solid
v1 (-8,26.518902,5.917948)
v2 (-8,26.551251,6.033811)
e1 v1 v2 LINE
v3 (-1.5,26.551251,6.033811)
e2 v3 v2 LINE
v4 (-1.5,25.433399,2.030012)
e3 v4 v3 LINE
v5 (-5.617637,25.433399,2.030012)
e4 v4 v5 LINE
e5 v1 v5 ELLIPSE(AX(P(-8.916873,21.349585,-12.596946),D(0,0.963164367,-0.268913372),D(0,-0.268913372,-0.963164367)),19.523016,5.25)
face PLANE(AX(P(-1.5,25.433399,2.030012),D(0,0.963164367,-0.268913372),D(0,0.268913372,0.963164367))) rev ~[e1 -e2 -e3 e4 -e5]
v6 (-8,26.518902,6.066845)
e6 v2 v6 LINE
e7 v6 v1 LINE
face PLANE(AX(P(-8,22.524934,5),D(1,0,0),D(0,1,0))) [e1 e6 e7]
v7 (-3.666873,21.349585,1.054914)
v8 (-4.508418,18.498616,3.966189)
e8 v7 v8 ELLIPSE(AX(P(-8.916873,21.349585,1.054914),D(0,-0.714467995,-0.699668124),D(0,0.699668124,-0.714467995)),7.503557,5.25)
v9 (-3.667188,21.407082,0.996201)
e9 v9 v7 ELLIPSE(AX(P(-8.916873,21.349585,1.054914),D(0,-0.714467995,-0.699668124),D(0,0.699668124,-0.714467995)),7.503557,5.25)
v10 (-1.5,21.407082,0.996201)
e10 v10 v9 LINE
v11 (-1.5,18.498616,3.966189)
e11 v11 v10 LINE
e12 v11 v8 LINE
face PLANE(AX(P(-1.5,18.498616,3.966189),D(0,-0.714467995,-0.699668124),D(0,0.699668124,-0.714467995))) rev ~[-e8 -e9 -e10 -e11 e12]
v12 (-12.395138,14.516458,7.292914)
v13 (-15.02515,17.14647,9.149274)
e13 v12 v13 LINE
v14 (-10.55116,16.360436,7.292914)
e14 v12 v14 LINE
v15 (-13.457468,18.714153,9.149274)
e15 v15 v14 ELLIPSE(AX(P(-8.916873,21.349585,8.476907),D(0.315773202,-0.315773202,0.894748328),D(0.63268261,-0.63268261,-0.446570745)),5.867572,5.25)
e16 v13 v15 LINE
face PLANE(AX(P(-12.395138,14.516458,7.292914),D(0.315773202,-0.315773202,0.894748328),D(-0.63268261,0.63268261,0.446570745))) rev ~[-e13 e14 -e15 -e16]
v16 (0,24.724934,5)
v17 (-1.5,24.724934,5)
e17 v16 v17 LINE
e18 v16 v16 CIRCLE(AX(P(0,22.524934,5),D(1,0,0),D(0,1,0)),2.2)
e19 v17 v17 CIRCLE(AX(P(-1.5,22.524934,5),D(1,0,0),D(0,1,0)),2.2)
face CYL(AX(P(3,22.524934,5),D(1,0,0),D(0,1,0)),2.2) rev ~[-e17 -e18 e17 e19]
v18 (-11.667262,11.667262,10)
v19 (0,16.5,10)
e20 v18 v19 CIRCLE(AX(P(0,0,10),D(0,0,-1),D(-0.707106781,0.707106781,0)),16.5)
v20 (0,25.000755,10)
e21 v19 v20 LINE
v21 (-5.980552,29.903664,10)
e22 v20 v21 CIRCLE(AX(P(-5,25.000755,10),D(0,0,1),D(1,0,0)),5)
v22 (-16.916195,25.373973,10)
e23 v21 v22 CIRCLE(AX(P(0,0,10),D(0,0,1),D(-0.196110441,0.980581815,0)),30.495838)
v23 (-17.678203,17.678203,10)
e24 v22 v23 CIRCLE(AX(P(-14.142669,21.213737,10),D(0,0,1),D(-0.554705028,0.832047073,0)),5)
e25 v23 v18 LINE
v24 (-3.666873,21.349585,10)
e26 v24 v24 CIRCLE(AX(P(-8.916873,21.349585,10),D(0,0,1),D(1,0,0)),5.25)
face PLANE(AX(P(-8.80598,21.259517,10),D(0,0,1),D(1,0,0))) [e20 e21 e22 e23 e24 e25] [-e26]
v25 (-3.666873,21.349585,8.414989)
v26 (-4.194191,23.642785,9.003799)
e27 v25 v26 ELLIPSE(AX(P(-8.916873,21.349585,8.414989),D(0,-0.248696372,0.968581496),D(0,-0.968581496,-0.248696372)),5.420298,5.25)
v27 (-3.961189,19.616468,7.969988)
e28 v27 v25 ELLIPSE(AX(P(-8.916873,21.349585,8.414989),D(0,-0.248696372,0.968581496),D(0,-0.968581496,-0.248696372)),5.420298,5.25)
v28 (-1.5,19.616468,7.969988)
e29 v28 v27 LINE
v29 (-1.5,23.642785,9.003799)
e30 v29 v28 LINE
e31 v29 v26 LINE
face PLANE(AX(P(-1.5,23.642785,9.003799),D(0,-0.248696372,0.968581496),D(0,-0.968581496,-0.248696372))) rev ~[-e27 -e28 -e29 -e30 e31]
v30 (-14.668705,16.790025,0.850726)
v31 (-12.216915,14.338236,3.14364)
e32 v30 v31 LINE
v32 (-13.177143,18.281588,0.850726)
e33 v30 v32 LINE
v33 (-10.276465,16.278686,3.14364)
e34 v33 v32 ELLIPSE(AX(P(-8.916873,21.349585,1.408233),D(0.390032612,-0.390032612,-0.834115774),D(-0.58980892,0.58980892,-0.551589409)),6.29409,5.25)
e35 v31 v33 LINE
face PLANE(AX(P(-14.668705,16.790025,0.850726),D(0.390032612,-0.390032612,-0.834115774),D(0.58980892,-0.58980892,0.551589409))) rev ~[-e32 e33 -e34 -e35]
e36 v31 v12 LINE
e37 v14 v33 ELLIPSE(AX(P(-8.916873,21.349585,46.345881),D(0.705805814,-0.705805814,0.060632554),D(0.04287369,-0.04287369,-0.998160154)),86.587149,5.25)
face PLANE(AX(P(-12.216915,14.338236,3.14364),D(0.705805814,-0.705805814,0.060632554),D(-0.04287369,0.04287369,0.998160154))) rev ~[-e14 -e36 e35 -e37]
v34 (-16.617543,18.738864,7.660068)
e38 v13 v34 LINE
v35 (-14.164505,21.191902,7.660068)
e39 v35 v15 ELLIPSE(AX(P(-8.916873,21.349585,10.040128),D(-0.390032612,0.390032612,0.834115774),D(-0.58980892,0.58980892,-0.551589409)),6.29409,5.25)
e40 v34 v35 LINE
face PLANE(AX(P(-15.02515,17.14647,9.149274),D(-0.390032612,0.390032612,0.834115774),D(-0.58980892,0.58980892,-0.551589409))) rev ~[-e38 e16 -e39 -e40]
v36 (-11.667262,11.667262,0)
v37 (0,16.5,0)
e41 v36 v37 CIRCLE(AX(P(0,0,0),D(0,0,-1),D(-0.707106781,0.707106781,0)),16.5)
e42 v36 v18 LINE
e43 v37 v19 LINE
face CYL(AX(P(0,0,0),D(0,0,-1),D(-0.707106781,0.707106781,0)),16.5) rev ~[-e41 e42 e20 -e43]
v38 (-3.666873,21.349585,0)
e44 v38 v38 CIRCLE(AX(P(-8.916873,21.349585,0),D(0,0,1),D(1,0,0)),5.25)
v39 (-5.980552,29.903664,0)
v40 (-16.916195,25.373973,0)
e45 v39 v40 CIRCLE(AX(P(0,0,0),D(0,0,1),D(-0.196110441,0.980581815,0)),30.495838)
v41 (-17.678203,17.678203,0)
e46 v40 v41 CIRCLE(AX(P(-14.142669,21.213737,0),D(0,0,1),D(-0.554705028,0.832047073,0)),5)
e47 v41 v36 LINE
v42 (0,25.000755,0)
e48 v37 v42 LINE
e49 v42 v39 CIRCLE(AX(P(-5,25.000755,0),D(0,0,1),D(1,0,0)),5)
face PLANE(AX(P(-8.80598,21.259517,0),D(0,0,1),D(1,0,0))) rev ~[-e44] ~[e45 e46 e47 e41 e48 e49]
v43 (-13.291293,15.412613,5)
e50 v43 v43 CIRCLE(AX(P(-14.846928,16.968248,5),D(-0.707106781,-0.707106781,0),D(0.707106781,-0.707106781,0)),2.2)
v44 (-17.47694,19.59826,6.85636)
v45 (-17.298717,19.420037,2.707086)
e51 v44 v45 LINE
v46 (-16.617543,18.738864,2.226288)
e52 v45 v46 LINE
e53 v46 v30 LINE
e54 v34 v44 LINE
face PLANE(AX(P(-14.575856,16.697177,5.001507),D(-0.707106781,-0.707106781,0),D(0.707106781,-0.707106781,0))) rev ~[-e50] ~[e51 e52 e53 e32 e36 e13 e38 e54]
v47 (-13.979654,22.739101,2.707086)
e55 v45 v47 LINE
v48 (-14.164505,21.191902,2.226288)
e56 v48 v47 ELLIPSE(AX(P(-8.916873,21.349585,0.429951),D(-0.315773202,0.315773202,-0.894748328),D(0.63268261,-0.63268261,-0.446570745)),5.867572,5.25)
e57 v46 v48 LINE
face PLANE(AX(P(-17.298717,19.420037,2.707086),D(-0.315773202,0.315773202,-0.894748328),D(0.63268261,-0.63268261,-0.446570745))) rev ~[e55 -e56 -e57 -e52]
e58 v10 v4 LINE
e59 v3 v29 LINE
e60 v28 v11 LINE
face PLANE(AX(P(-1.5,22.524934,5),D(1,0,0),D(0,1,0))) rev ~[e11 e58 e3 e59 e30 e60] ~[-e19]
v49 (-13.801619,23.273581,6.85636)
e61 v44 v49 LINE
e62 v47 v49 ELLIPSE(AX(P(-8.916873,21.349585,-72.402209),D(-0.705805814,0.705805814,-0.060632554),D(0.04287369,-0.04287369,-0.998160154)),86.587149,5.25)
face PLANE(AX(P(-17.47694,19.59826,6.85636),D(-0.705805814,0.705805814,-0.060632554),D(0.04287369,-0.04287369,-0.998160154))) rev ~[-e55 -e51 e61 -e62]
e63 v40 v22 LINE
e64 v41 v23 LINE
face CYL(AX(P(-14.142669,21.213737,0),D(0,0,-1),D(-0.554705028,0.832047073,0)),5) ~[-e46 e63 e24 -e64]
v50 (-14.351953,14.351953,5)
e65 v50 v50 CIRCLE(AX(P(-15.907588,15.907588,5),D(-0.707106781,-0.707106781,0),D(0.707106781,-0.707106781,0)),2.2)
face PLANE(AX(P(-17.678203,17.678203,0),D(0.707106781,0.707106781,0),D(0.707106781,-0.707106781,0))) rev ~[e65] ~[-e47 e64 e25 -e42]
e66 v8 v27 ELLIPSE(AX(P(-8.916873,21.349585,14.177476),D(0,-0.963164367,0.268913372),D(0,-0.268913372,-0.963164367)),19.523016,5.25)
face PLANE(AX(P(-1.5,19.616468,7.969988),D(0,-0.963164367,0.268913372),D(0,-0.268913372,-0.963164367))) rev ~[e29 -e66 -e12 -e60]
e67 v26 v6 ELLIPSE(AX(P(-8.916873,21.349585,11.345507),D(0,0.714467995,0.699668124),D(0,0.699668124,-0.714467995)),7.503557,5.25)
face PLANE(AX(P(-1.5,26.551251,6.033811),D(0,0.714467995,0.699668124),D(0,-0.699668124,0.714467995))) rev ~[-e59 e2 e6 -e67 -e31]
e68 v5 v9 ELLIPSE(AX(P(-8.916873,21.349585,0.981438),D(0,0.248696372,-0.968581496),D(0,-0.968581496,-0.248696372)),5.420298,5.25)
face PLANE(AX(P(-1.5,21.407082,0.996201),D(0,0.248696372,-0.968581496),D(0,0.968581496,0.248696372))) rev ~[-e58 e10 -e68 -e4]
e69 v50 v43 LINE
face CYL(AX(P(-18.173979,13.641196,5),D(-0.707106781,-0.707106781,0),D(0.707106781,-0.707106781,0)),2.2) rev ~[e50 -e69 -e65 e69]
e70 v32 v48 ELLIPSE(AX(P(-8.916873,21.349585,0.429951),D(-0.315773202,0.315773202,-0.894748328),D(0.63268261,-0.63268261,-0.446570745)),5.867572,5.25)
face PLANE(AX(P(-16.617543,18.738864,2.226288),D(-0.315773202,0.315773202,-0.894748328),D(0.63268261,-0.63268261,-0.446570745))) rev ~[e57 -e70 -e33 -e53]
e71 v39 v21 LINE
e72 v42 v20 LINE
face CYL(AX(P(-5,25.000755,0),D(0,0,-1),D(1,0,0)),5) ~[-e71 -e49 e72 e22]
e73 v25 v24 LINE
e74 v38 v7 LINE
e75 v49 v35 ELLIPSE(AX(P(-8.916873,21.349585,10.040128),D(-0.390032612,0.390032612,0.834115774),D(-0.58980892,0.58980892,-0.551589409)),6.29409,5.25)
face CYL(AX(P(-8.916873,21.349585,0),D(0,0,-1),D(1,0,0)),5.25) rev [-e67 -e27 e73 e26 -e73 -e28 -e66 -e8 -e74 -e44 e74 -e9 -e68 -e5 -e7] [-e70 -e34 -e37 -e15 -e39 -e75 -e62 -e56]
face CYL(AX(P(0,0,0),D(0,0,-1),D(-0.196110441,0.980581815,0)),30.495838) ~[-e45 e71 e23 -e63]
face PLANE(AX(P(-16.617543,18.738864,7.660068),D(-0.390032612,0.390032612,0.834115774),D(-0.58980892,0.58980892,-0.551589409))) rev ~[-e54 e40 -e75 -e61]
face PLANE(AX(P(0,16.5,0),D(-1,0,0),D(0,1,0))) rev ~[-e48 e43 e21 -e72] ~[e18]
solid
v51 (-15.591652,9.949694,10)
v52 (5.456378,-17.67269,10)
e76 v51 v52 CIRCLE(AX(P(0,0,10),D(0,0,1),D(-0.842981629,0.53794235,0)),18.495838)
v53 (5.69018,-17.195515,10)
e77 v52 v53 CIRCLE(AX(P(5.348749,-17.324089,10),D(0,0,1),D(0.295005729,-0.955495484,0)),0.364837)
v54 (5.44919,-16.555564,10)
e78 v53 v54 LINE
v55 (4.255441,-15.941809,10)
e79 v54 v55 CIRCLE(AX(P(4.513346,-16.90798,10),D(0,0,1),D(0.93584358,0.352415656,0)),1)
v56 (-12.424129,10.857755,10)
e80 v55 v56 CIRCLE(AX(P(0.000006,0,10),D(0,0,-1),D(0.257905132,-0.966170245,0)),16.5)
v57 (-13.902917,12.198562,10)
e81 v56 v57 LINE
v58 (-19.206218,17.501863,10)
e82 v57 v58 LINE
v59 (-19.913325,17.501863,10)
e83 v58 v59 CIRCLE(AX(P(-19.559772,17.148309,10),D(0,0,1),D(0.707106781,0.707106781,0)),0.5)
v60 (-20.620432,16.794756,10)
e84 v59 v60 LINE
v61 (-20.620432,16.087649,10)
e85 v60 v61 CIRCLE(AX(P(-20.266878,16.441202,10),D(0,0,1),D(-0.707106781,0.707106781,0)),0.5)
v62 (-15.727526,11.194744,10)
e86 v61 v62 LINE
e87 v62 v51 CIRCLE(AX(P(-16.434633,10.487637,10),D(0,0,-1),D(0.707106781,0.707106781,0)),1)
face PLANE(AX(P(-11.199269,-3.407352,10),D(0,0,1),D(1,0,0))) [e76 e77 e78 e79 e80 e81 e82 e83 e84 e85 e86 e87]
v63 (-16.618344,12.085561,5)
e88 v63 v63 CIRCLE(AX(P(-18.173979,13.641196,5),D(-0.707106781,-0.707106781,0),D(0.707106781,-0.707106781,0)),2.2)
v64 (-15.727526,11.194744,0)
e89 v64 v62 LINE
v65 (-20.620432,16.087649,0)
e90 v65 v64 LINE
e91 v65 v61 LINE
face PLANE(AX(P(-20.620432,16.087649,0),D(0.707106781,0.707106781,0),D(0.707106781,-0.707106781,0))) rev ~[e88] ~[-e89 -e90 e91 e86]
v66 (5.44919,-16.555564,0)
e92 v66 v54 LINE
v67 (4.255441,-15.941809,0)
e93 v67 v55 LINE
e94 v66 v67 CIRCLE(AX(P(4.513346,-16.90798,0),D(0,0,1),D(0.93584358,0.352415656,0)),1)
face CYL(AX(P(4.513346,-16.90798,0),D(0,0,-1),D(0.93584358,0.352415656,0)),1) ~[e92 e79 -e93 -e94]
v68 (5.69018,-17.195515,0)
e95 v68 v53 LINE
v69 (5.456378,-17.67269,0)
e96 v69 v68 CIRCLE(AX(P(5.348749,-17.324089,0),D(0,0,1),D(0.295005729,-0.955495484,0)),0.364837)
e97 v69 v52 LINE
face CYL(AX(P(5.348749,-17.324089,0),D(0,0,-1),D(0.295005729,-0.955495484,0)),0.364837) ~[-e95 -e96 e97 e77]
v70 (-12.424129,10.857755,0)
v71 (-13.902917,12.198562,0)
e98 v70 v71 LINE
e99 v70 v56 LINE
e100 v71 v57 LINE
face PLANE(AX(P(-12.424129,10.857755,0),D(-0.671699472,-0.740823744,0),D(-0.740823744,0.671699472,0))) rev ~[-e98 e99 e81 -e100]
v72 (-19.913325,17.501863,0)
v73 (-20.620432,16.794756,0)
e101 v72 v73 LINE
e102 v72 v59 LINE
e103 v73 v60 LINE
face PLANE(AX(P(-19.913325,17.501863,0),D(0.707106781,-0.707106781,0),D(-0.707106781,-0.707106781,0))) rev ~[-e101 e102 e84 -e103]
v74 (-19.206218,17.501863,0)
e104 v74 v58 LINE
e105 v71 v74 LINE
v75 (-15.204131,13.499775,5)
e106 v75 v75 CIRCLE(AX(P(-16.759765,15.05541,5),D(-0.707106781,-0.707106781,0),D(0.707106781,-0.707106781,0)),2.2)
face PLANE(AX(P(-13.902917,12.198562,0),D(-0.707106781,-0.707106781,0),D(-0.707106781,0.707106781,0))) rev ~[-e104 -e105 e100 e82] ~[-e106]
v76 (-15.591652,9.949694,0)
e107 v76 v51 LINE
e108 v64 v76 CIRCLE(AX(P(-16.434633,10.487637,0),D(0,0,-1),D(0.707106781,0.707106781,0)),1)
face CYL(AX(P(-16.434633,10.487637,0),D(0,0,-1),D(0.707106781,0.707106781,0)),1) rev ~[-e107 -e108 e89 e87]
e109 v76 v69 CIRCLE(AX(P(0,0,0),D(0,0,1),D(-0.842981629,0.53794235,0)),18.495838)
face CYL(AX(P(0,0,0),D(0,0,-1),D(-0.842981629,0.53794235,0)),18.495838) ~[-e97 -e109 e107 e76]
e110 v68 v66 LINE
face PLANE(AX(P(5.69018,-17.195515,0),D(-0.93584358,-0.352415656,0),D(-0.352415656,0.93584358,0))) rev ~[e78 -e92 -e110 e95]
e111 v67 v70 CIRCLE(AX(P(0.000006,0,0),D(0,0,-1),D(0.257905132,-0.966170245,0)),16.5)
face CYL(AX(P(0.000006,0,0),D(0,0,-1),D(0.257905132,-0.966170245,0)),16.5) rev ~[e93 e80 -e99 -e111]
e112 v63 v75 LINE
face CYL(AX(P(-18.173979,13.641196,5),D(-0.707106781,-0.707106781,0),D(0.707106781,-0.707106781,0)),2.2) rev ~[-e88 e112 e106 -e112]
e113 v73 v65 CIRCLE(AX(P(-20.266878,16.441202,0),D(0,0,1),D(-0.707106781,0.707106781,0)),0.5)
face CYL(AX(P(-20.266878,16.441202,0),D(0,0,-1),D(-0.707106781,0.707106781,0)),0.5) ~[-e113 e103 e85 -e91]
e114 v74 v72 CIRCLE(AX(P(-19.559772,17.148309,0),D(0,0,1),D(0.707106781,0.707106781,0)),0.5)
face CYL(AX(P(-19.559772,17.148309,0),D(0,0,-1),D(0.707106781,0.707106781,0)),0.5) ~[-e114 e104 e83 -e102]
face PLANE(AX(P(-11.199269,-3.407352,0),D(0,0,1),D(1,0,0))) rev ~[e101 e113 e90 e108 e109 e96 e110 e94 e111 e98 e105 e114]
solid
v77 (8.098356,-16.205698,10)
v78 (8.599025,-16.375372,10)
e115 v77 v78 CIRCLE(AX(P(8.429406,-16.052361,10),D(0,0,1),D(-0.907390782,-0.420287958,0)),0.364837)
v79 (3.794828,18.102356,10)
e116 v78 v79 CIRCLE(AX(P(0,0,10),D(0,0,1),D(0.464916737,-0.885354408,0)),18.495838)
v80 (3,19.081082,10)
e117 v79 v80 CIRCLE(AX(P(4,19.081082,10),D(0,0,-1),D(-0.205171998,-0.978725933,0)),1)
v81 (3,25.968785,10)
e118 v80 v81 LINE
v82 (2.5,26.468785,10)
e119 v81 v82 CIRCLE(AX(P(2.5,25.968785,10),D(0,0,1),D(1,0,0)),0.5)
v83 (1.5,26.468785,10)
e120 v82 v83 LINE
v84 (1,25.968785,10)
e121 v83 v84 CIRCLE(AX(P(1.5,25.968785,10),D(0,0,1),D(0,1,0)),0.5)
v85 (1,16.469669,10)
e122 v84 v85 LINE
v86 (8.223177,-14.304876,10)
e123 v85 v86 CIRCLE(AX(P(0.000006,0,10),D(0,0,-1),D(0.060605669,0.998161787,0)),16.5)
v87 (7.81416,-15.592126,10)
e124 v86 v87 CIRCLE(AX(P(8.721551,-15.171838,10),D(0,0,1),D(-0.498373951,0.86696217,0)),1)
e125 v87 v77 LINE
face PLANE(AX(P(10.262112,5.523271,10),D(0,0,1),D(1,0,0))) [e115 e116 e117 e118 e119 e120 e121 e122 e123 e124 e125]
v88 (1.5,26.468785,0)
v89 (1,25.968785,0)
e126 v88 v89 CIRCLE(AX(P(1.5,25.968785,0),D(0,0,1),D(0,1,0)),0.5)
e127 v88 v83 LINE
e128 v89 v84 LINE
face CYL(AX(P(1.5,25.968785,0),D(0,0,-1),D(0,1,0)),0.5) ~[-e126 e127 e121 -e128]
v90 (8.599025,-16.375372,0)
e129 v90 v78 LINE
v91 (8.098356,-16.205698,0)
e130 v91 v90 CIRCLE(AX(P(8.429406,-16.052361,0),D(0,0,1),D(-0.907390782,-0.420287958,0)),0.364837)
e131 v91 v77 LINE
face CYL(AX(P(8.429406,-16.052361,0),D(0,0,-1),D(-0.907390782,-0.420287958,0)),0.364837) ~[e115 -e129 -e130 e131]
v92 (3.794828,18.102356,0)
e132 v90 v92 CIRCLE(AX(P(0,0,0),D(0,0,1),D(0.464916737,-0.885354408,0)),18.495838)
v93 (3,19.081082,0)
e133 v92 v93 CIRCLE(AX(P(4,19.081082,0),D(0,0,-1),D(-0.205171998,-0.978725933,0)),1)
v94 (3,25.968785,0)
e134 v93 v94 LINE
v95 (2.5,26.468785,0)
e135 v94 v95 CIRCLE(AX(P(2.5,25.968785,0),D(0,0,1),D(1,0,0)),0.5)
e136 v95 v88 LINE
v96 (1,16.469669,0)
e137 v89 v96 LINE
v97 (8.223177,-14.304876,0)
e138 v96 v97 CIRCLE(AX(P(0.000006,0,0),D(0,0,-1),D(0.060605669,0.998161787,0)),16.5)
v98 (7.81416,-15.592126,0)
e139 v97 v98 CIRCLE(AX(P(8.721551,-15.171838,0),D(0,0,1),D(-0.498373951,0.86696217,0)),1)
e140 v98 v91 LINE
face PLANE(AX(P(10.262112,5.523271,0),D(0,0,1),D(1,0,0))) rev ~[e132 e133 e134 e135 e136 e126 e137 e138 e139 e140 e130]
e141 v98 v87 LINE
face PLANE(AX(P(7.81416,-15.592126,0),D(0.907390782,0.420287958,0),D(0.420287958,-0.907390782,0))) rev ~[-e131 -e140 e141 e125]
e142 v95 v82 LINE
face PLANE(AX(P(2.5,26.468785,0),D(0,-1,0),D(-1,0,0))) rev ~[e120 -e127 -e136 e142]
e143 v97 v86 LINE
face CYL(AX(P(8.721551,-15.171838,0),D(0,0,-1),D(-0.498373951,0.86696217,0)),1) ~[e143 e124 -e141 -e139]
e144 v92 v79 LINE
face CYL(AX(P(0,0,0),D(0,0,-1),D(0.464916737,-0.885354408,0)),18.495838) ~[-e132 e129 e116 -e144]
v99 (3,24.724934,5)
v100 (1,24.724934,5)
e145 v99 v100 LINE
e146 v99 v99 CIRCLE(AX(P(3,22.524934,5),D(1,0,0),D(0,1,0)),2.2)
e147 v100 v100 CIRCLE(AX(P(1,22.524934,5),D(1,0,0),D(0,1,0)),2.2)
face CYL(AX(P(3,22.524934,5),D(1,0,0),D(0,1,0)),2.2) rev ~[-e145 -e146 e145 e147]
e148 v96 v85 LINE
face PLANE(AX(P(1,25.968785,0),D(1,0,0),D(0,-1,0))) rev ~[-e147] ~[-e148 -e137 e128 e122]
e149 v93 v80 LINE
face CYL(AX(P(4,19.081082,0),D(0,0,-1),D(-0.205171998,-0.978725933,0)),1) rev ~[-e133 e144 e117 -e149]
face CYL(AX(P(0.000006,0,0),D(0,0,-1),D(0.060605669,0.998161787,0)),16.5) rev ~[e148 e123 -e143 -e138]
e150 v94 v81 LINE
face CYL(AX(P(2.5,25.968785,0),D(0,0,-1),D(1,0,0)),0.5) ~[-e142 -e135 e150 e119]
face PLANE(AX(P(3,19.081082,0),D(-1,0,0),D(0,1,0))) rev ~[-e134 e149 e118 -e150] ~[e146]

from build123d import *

# Parameters (mm, degrees)
F0_R     = 5.25
F1_DEPTH = 10
F2_R     = 2.2
F3_DEPTH = 8
F4_R     = 2.2
F5_DEPTH = 10
F7_START = -1.5
F6_R     = 2.2
F7_DEPTH = 6.5
F9_START = -1.5
F9_DEPTH = 6.5


with BuildPart() as f1:
    # F0 (on Top) → F1 (new body)
    with BuildSketch(Plane.XY):
        with BuildLine():
            ThreePointArc((-5.9805522045, 29.9036640052), (-11.6702518977, 28.1744804079), (-16.9161945814, 25.3739726195))
            ThreePointArc((-16.9161945814, 25.3739726195), (-19.1183375056, 21.7064108966), (-17.6782033476, 17.6782033476))
            Line((-17.6782033476, 17.6782033476), (-11.6672618896, 11.6672618896))
            ThreePointArc((-11.6672618896, 11.6672618896), (-6.314276634, 15.2440122864), (0, 16.5))
            Line((0, 16.5), (0, 18.4958378407))
            Line((0, 18.4958378407), (0, 24.4958378407))
            Line((0, 24.4958378407), (0, 25.0007549326))
            ThreePointArc((0, 25.0007549326), (-1.830044245, 28.8674564354), (-5.9805522045, 29.9036640052))
        make_face()
        with Locations((-8.9168733158, 21.3495848101)):
            Circle(F0_R, mode=Mode.SUBTRACT)
    extrude(amount=F1_DEPTH)


with BuildPart() as f1b:
    # F0 (on Top) → F1, piece 2 (new body)
    with BuildSketch(Plane.XY):
        with BuildLine():
            Line((1, 25.9687849473), (1, 18.4687849473))
            Line((1, 18.4687849473), (1, 16.469669092))
            ThreePointArc((1, 16.469669092), (16.0634695679, 3.770298424), (8.2231766572, -14.3048762048))
            ThreePointArc((8.2231766572, -14.3048762048), (7.7685045207, -14.8690130872), (7.8141598257, -15.5921263334))
            Line((7.8141598257, -15.5921263334), (8.0983557873, -16.2056980308))
            ThreePointArc((8.0983557873, -16.2056980308), (8.3123062852, -16.3978955775), (8.5990245809, -16.3753715588))
            ThreePointArc((8.5990245809, -16.3753715588), (18.3188515552, 2.552585969), (3.7948280021, 18.1023561413))
            ThreePointArc((3.7948280021, 18.1023561413), (3.2237358704, 18.4506742686), (3, 19.0810820739))
            Line((3, 19.0810820739), (3, 25.9687849473))
            ThreePointArc((3, 25.9687849473), (2.8535533906, 26.3223383379), (2.5, 26.4687849473))
            Line((2.5, 26.4687849473), (1.5, 26.4687849473))
            ThreePointArc((1.5, 26.4687849473), (1.1464466094, 26.3223383379), (1, 25.9687849473))
        make_face()
    extrude(amount=F1_DEPTH)


with BuildPart() as f1c:
    # F0 (on Top) → F1, piece 3 (new body)
    with BuildSketch(Plane.XY):
        with BuildLine():
            Line((-12.4241290652, 10.8577551909), (-13.9029173231, 12.1985616914))
            Line((-13.9029173231, 12.1985616914), (-19.206218182, 17.5018625503))
            ThreePointArc((-19.206218182, 17.5018625503), (-19.5597715726, 17.6483091597), (-19.9133249632, 17.5018625503))
            Line((-19.9133249632, 17.5018625503), (-20.6204317443, 16.7947557691))
            ThreePointArc((-20.6204317443, 16.7947557691), (-20.7668783538, 16.4412023785), (-20.6204317443, 16.0876489879))
            Line((-20.6204317443, 16.0876489879), (-15.7275263694, 11.194743613))
            ThreePointArc((-15.7275263694, 11.194743613), (-15.4405353912, 10.5961248254), (-15.5916515212, 9.9496944814))
            ThreePointArc((-15.5916515212, 9.9496944814), (-14.7115589314, -11.2100870309), (5.4563781376, -17.6726895251))
            ThreePointArc((5.4563781376, -17.6726895251), (5.6763731445, -17.4846153752), (5.6901796061, -17.1955149246))
            Line((5.6901796061, -17.1955149246), (5.4491898521, -16.5555640304))
            ThreePointArc((5.4491898521, -16.5555640304), (4.9705921678, -16.0186393737), (4.2554411406, -15.9418094407))
            ThreePointArc((4.2554411406, -15.9418094407), (-14.0084225871, -8.7185963501), (-12.4241290652, 10.8577551909))
        make_face()
    extrude(amount=F1_DEPTH)


with BuildPart() as f3_tool:
    # F2 (on face) → F3 (new body)
    with BuildSketch(Plane.YZ.offset(3)):
        with Locations((22.5249335106, 5)):
            Circle(F2_R)
    extrude(amount=-F3_DEPTH)


with BuildPart() as f1_1:
    add(f1.part)

    # F3: cut by f3_tool
    add(f3_tool.part, mode=Mode.SUBTRACT)


with BuildPart() as f1b_1:
    add(f1b.part)

    # F3: cut by f3_tool
    add(f3_tool.part, mode=Mode.SUBTRACT)


with BuildPart() as f5_tool:
    # F4 (on face) → F5 (new body)
    with BuildSketch(Plane(origin=(-2.2663913782, -2.2663913782, 0), x_dir=(0.7071067812, -0.7071067812, 0), z_dir=(-0.7071067812, -0.7071067812, 0))):
        with Locations((-22.4967262398, 5)):
            Circle(F4_R)
    extrude(amount=-F5_DEPTH)


with BuildPart() as f1_2:
    add(f1_1.part)

    # F5: cut by f5_tool
    add(f5_tool.part, mode=Mode.SUBTRACT)

    # F6 (on face) → F7 (cut)
    with BuildSketch(Plane(origin=(0, 0, 0), x_dir=(0.7071067812, -0.7071067812, 0), z_dir=(-0.7071067812, -0.7071067812, 0)).offset(F7_START)):
        Polygon((-19.0293720816, 7.2929141155), (-22.7487710335, 9.1492738427), (-25.0007549326, 7.6600675388), (-25.0007549326, 2.2262881477), (-22.2446814462, 0.8507261573), (-18.777327288, 3.1436402728), align=None)
        with Locations((-22.4967262398, 5)):
            Circle(F6_R, mode=Mode.SUBTRACT)
        with Locations((-22.4967262398, 5)):
            Circle(F6_R)
        Polygon((-25.0007549326, 2.2262881477), (-25.0007549326, 7.6600675388), (-26.2161251917, 6.8563597272), (-25.9640803981, 2.7070858845), align=None)
    extrude(amount=-F7_DEPTH, mode=Mode.SUBTRACT)

    # F8 (on face) → F9 (cut)
    with BuildSketch(Plane.YZ.offset(F9_START)):
        Polygon((23.6427854055, 9.0037990885), (19.6164677358, 7.9699876829), (18.4986158409, 3.9661885943), (21.4070816158, 0.9962009115), (25.4333992855, 2.0300123171), (26.5512511804, 6.0338114057), align=None)
    extrude(amount=-F9_DEPTH, mode=Mode.SUBTRACT)


with BuildPart() as f1c_1:
    add(f1c.part)

    # F5: cut by f5_tool
    add(f5_tool.part, mode=Mode.SUBTRACT)


solid = Compound([f1b_1.part, f1_2.part, f1c_1.part])
